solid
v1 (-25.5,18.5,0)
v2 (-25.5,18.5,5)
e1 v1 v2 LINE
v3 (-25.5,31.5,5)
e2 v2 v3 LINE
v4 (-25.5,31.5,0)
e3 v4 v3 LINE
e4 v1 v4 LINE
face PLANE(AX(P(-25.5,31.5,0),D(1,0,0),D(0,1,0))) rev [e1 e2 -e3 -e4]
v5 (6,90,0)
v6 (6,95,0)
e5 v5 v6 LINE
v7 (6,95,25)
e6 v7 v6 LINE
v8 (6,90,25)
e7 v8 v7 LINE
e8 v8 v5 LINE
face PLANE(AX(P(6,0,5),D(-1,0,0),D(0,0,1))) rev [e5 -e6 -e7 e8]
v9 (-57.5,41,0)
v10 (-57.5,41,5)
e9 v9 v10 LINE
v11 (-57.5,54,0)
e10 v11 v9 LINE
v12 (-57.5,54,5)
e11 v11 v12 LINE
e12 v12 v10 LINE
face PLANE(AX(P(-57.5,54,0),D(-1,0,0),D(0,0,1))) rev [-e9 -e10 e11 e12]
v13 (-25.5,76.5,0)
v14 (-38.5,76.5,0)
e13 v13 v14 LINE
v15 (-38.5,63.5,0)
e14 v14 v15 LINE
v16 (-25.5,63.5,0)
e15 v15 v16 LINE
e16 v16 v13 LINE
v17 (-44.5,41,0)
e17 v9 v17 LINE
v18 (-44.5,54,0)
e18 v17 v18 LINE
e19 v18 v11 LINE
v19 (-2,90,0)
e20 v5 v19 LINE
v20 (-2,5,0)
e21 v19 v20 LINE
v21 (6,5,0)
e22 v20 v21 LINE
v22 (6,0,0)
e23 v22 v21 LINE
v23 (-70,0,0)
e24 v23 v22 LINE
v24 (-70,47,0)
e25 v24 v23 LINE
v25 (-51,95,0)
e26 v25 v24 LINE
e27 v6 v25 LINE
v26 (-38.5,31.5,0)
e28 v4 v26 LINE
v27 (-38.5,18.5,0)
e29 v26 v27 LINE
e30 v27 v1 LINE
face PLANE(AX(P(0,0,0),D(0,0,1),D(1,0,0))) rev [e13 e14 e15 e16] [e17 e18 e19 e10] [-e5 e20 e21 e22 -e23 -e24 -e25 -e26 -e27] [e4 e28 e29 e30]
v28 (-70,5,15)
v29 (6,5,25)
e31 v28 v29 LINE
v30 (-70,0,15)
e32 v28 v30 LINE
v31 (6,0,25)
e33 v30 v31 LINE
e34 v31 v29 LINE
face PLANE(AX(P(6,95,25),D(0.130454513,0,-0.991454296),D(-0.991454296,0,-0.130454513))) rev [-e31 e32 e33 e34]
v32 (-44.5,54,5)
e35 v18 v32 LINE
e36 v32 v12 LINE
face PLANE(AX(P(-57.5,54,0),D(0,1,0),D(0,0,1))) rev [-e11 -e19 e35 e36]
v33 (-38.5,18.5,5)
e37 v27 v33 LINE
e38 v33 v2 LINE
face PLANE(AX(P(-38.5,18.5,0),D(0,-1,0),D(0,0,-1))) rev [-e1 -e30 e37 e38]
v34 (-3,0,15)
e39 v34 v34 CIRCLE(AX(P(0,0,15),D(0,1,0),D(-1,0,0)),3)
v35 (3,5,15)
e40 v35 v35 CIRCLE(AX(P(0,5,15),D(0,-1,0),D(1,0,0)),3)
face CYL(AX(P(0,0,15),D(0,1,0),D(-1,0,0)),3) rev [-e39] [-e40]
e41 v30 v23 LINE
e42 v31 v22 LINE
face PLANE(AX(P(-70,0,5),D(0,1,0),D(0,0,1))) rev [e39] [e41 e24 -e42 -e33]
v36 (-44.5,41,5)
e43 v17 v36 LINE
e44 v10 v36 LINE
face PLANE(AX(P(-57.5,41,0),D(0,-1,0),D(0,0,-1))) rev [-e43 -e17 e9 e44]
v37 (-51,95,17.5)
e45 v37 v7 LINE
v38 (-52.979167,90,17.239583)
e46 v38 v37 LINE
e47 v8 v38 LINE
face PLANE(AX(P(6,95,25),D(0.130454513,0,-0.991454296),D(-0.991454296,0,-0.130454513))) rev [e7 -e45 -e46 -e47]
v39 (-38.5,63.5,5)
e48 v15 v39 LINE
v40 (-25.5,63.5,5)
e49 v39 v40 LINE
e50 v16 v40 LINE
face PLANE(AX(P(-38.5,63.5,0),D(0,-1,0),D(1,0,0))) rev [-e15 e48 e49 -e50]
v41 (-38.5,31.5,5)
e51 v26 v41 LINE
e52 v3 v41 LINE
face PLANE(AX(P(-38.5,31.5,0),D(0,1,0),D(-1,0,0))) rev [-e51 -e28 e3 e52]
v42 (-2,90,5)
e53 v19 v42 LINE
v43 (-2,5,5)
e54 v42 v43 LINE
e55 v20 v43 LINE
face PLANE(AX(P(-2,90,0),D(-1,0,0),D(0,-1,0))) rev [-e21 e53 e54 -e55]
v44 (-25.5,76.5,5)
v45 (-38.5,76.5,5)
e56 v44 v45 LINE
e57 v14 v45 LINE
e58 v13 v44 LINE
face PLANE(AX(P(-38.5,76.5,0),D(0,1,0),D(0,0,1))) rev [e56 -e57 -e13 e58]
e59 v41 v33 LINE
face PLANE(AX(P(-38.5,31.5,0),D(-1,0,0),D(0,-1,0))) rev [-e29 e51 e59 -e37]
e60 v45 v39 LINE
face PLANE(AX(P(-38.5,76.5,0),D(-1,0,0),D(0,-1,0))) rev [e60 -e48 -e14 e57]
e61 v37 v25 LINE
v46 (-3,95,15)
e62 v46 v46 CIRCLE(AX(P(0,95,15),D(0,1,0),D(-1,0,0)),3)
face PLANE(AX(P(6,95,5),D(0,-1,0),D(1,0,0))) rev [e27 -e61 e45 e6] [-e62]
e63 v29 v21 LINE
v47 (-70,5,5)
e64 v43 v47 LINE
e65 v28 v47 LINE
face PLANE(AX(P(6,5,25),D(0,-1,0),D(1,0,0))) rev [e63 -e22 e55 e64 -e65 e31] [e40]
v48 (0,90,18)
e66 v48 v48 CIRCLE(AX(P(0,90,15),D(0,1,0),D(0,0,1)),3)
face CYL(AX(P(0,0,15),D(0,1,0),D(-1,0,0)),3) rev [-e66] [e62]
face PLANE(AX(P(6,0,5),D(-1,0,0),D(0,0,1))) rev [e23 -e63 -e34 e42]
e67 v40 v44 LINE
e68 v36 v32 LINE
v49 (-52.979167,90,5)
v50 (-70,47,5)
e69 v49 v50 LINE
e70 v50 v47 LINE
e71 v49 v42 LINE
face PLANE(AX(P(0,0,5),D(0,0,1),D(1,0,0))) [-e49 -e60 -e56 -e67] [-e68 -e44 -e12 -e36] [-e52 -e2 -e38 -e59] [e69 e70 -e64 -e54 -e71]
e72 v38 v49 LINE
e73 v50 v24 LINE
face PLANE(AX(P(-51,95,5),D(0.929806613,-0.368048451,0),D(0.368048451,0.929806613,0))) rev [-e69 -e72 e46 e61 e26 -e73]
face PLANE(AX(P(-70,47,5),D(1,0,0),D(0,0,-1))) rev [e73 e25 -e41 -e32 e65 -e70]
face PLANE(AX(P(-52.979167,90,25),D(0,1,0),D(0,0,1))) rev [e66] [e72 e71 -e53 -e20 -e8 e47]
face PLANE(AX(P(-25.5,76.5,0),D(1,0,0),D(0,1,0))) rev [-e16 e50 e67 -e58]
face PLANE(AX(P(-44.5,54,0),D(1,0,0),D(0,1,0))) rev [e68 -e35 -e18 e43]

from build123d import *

# Parameters (mm, degrees)
BOSS_EXTRUDE1_DEPTH = 5
SKETCH2_W           = 13
SKETCH2_H           = 13
CUT_EXTRUDE1_DEPTH  = 119.11011811
SKETCH5_W           = 76
SKETCH5_H           = 5
BOSS_EXTRUDE3_DEPTH = 20
CUT_EXTRUDE2_DEPTH  = 121.623380818
SKETCH7_R           = 3
CUT_EXTRUDE4_DEPTH  = 121.623380818
SKETCH8_W           = 8
SKETCH8_H           = 85
CUT_EXTRUDE5_DEPTH  = 120.687092036


with BuildPart() as part:
    # Sketch1 → Boss-Extrude1 (new body)
    with BuildSketch(Plane.XY):
        Polygon((-70, 0), (6, 0), (6, 95), (-51, 95), (-70, 47), align=None)
    extrude(amount=BOSS_EXTRUDE1_DEPTH)

    # Sketch2 → Cut-Extrude1 (cut, through all)
    with BuildSketch(Plane.XY.offset(5)):
        with Locations((-32, 70)):
            Rectangle(SKETCH2_W, SKETCH2_H)
        with Locations((-32, 25)):
            Rectangle(SKETCH2_W, SKETCH2_H)
        with Locations((-51, 47.5)):
            Rectangle(SKETCH2_W, SKETCH2_H)
    extrude(amount=-CUT_EXTRUDE1_DEPTH, mode=Mode.SUBTRACT)

    # Sketch5 → Boss-Extrude3 (add)
    with BuildSketch(Plane.XY.offset(5)):
        Polygon((-51, 95), (-52.979166667, 90), (6, 90), (6, 95), align=None)
        with Locations((-32, 2.5)):
            Rectangle(SKETCH5_W, SKETCH5_H)
    extrude(amount=BOSS_EXTRUDE3_DEPTH)

    # Sketch6 → Cut-Extrude2 (cut, through all)
    with BuildSketch(Plane.XZ):
        Polygon((6, 25), (-70, 15), (-70, 25), align=None)
    extrude(amount=-CUT_EXTRUDE2_DEPTH, mode=Mode.SUBTRACT)

    # Sketch7 → Cut-Extrude4 (cut, through all)
    with BuildSketch(Plane(origin=(0, 95, 0), x_dir=(1, 0, 0), z_dir=(0, 1, 0))):
        with Locations(Location((0, -15, 0), (0, 0, 180))):
            Circle(SKETCH7_R)
    extrude(amount=-CUT_EXTRUDE4_DEPTH, mode=Mode.SUBTRACT)

    # Sketch8 → Cut-Extrude5 (cut, through all)
    with BuildSketch(Plane.XY.offset(5)):
        with Locations((2, 47.5)):
            Rectangle(SKETCH8_W, SKETCH8_H)
    extrude(amount=-CUT_EXTRUDE5_DEPTH, mode=Mode.SUBTRACT)


solid = part.part
